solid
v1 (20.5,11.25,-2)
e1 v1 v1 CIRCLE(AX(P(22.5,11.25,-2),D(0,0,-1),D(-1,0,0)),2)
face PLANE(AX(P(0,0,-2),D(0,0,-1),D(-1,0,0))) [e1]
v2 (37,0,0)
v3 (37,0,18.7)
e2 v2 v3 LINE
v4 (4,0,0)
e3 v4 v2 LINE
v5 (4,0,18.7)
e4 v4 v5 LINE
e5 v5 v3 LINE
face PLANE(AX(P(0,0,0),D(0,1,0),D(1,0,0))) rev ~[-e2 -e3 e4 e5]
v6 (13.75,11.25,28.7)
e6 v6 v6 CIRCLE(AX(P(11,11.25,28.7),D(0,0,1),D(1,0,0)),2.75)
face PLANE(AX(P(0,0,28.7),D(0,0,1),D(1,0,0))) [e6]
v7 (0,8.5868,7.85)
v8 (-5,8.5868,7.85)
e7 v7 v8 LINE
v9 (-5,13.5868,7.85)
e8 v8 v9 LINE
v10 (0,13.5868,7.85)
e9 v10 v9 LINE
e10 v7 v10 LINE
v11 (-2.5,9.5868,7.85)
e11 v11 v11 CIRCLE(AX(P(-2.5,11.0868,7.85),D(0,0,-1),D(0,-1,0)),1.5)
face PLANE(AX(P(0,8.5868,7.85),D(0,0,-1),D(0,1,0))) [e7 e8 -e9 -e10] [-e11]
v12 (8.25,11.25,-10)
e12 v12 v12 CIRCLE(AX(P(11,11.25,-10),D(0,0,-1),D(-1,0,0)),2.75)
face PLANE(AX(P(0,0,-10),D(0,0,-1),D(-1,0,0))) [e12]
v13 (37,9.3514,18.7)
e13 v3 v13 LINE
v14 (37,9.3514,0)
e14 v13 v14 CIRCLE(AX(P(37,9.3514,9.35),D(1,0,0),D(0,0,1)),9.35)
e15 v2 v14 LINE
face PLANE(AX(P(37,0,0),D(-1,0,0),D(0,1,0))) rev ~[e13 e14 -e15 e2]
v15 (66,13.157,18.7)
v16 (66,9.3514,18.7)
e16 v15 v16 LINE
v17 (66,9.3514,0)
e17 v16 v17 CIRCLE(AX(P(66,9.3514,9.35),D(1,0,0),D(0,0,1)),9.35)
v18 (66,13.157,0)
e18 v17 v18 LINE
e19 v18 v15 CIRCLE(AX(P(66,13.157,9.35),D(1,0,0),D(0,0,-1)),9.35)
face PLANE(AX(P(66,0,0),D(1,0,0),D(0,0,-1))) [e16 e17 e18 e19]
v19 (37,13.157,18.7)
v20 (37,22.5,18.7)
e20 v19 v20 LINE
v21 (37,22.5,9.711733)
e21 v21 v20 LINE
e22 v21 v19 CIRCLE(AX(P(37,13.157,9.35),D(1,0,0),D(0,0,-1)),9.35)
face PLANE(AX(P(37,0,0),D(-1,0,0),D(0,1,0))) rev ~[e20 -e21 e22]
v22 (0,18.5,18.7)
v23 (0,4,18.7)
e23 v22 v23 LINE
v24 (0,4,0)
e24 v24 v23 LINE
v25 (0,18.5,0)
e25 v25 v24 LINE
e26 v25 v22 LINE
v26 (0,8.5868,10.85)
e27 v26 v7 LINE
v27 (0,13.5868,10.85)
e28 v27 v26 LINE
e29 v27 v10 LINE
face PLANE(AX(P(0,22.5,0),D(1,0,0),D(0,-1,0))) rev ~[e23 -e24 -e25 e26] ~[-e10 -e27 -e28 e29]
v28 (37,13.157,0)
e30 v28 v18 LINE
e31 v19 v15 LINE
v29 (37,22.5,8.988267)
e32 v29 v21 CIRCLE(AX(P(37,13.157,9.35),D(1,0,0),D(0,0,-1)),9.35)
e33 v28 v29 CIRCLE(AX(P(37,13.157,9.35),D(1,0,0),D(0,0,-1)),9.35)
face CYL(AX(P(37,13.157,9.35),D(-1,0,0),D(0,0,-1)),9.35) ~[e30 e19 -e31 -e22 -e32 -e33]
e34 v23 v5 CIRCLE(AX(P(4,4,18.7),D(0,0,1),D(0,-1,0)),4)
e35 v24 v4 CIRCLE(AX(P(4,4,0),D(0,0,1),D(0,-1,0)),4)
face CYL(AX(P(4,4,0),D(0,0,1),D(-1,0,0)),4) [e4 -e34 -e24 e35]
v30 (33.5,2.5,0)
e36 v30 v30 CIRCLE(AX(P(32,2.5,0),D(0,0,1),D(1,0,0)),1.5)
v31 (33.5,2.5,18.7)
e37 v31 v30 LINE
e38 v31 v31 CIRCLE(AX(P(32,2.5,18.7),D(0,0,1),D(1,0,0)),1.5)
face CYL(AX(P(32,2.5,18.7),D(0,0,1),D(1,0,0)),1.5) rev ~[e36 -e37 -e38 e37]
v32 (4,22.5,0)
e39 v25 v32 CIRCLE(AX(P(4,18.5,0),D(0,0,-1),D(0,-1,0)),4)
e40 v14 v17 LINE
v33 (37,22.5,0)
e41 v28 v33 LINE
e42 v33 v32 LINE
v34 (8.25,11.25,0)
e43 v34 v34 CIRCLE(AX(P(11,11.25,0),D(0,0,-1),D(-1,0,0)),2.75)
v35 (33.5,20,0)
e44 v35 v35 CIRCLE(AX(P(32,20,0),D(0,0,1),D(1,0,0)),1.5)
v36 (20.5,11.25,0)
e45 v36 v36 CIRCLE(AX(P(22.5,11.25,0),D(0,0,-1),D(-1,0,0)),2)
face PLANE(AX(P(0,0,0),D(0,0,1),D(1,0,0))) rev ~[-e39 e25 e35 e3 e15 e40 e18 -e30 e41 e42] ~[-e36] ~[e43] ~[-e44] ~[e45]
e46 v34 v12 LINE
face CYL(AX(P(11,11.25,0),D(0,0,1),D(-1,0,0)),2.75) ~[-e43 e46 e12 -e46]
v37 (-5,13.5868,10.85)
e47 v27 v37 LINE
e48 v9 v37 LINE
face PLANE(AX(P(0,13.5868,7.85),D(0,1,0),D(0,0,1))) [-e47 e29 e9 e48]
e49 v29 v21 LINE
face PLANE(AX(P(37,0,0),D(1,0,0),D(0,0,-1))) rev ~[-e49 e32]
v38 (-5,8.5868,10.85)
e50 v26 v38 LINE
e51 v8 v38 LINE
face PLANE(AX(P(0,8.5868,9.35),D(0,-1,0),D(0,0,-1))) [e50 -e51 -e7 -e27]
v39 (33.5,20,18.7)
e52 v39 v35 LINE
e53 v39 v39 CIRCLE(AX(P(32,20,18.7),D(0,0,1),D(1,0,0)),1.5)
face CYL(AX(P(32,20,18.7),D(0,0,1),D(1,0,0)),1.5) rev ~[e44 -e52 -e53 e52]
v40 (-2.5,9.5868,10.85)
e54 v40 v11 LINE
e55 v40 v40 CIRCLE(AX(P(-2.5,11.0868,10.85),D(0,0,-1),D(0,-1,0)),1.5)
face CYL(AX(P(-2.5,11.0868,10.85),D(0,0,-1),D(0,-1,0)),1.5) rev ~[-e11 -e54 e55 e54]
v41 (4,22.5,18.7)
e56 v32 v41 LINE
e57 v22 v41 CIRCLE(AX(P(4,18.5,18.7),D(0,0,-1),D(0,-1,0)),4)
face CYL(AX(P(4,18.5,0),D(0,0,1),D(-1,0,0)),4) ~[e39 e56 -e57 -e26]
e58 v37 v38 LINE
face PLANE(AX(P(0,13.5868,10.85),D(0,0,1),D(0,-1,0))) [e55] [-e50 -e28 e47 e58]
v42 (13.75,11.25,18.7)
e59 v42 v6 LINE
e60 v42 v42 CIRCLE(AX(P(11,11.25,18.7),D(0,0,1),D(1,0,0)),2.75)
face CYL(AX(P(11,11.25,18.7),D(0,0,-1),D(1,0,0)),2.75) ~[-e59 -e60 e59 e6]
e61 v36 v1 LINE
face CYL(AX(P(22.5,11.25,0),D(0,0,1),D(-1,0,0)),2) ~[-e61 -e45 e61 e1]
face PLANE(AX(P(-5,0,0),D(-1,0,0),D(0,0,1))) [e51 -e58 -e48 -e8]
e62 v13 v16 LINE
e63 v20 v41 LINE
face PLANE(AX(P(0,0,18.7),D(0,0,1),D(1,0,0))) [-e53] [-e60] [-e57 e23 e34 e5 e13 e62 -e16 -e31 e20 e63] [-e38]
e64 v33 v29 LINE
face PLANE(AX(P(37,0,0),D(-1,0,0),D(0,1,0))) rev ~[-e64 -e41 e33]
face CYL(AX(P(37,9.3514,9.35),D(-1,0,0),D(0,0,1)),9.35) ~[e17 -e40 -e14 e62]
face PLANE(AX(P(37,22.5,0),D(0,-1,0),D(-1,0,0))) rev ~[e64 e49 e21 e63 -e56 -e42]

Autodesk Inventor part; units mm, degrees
ref_plane "YZ Plane" through (0, 0, 0) normal (1, 0, 0) x (0, 1, 0)
ref_plane "XZ Plane" through (0, 0, 0) normal (0, 1, 0) x (-1, 0, 0)
ref_plane "XY Plane" through (0, 0, 0) normal (0, 0, 1) x (1, 0, 0)
sketch "Skizze1" plane through (0, 0, 0) normal (0, 0, 1) x (1, 0, 0)
  line L0 (0, 0) -> (37, 0)
  line L1 (37, 0) -> (37, 22.5)
  line L2 (37, 22.5) -> (0, 22.5)
  line L3 (0, 22.5) -> (0, 0)
  dimension "d0" = 37
  dimension "d1" = 22.5
extrude "Extrusion1" add sketch "Skizze1" along normal blind 18.7
sketch "Skizze2" plane through (37, 0, 0) normal (1, 0, 0) x (0, 0, -1)
  line L0 (0, 0) -> (0, 22.5) projected
  line L1 (-9.35, 13.157) -> (-9.35, 9.3514) construction
  line L2 (-18.7, 13.157) -> (-18.7, 9.3514)
  line L3 (0, 9.3514) -> (0, 13.157)
  arc A0 (0, 13.157) -> (-18.7, 13.157) centre (-9.35, 13.157) ccw
  arc A1 (-18.7, 9.3514) -> (0, 9.3514) centre (-9.35, 9.3514) ccw
  point P0 (-9.35, 11.2542)
extrude "Extrusion2" add sketch "Skizze2" along normal blind 29
sketch "Skizze3" plane through (0, 0, 18.7) normal (0, 0, 1) x (1, 0, 0)
  line L0 (37, 22.5) -> (0, 22.5) projected
  line L1 (0, 22.5) -> (0, 0) projected
  circle A0 centre (11, 11.25) radius 2.75
  dimension "d6" = 11
  dimension "d7" = 11.25
  dimension "d21" = 5.5
extrude "Extrusion3" add sketch "Skizze3" along normal blind 10
sketch "Skizze4" plane through (0, 0, 0) normal (0, 0, -1) x (-1, 0, 0)
  line L0 (0, 0) -> (-37, 0) projected
  line L1 (0, 22.5) -> (0, 0) projected
  circle A0 centre (-11, 11.25) radius 2.75
  dimension "d10" = 5.5
  dimension "d11" = 11
  dimension "d12" = 11.25
extrude "Extrusion4" add sketch "Skizze4" along normal blind 10
sketch "Skizze5" plane through (0, 0, 0) normal (0, 0, -1) x (-1, 0, 0)
  line L0 (0, 0) -> (-37, 0) projected
  line L1 (0, 22.5) -> (0, 0) projected
  line L2 (-37, 22.5) -> (0, 22.5) projected
  circle A0 centre (-22.5, 11.25) radius 2
  dimension "d15" = 4
  dimension "d16" = 11.25
  dimension "d17" = 22.5
  dimension "d18" = 11.25
extrude "Extrusion5" add sketch "Skizze5" along normal blind 2
sketch "Skizze6" plane through (0, 0, 0) normal (-1, 0, 0) x (0, 0, 1)
  line L0 (0, 22.5) -> (0, 0) projected
  line L1 (18.7, 22.5) -> (18.7, 0) projected
  line L2 (7.85, 13.5868) -> (10.85, 13.5868)
  line L3 (10.85, 13.5868) -> (10.85, 8.5868)
  line L4 (10.85, 8.5868) -> (7.85, 8.5868)
  line L5 (7.85, 8.5868) -> (7.85, 13.5868)
  line L6 (9.35, 13.5868) -> (9.35, 8.5868)
  dimension "d22" = 3
  dimension "d23" = 5
  dimension "d25" = 18.7
  dimension "d26" = 7.85
  dimension "d27" = 7.85
extrude "Extrusion6" add sketch "Skizze6" along normal blind 5
fillet "Rundung1" radius 4 2 edges at (0, 22.5, 9.35) (0, 0, 9.35)
sketch "Skizze7" plane through (0, 0, 18.7) normal (0, 0, 1) x (1, 0, 0)
  line L0 (4, 0) -> (37, 0) projected
  line L1 (37, 22.5) -> (4, 22.5) projected
  line L2 (0, 18.5) -> (0, 4) projected
  circle A0 centre (32, 20) radius 1.5
  circle A1 centre (32, 2.5) radius 1.5
  point P0 (0, 0)
  dimension "d31" = 2.5
  dimension "d32" = 2.5
  dimension "d33" = 32
  dimension "d34" = 32
  dimension "d35" = 3
  dimension "d36" = 3
extrude "Extrusion7" cut sketch "Skizze7" against normal up to next
hole "Bohrung1" at (-2.5, 11.0868, 10.85) direction (0, 0, -1) diameter 3 end through all
properties part number "Motor_gerade"
